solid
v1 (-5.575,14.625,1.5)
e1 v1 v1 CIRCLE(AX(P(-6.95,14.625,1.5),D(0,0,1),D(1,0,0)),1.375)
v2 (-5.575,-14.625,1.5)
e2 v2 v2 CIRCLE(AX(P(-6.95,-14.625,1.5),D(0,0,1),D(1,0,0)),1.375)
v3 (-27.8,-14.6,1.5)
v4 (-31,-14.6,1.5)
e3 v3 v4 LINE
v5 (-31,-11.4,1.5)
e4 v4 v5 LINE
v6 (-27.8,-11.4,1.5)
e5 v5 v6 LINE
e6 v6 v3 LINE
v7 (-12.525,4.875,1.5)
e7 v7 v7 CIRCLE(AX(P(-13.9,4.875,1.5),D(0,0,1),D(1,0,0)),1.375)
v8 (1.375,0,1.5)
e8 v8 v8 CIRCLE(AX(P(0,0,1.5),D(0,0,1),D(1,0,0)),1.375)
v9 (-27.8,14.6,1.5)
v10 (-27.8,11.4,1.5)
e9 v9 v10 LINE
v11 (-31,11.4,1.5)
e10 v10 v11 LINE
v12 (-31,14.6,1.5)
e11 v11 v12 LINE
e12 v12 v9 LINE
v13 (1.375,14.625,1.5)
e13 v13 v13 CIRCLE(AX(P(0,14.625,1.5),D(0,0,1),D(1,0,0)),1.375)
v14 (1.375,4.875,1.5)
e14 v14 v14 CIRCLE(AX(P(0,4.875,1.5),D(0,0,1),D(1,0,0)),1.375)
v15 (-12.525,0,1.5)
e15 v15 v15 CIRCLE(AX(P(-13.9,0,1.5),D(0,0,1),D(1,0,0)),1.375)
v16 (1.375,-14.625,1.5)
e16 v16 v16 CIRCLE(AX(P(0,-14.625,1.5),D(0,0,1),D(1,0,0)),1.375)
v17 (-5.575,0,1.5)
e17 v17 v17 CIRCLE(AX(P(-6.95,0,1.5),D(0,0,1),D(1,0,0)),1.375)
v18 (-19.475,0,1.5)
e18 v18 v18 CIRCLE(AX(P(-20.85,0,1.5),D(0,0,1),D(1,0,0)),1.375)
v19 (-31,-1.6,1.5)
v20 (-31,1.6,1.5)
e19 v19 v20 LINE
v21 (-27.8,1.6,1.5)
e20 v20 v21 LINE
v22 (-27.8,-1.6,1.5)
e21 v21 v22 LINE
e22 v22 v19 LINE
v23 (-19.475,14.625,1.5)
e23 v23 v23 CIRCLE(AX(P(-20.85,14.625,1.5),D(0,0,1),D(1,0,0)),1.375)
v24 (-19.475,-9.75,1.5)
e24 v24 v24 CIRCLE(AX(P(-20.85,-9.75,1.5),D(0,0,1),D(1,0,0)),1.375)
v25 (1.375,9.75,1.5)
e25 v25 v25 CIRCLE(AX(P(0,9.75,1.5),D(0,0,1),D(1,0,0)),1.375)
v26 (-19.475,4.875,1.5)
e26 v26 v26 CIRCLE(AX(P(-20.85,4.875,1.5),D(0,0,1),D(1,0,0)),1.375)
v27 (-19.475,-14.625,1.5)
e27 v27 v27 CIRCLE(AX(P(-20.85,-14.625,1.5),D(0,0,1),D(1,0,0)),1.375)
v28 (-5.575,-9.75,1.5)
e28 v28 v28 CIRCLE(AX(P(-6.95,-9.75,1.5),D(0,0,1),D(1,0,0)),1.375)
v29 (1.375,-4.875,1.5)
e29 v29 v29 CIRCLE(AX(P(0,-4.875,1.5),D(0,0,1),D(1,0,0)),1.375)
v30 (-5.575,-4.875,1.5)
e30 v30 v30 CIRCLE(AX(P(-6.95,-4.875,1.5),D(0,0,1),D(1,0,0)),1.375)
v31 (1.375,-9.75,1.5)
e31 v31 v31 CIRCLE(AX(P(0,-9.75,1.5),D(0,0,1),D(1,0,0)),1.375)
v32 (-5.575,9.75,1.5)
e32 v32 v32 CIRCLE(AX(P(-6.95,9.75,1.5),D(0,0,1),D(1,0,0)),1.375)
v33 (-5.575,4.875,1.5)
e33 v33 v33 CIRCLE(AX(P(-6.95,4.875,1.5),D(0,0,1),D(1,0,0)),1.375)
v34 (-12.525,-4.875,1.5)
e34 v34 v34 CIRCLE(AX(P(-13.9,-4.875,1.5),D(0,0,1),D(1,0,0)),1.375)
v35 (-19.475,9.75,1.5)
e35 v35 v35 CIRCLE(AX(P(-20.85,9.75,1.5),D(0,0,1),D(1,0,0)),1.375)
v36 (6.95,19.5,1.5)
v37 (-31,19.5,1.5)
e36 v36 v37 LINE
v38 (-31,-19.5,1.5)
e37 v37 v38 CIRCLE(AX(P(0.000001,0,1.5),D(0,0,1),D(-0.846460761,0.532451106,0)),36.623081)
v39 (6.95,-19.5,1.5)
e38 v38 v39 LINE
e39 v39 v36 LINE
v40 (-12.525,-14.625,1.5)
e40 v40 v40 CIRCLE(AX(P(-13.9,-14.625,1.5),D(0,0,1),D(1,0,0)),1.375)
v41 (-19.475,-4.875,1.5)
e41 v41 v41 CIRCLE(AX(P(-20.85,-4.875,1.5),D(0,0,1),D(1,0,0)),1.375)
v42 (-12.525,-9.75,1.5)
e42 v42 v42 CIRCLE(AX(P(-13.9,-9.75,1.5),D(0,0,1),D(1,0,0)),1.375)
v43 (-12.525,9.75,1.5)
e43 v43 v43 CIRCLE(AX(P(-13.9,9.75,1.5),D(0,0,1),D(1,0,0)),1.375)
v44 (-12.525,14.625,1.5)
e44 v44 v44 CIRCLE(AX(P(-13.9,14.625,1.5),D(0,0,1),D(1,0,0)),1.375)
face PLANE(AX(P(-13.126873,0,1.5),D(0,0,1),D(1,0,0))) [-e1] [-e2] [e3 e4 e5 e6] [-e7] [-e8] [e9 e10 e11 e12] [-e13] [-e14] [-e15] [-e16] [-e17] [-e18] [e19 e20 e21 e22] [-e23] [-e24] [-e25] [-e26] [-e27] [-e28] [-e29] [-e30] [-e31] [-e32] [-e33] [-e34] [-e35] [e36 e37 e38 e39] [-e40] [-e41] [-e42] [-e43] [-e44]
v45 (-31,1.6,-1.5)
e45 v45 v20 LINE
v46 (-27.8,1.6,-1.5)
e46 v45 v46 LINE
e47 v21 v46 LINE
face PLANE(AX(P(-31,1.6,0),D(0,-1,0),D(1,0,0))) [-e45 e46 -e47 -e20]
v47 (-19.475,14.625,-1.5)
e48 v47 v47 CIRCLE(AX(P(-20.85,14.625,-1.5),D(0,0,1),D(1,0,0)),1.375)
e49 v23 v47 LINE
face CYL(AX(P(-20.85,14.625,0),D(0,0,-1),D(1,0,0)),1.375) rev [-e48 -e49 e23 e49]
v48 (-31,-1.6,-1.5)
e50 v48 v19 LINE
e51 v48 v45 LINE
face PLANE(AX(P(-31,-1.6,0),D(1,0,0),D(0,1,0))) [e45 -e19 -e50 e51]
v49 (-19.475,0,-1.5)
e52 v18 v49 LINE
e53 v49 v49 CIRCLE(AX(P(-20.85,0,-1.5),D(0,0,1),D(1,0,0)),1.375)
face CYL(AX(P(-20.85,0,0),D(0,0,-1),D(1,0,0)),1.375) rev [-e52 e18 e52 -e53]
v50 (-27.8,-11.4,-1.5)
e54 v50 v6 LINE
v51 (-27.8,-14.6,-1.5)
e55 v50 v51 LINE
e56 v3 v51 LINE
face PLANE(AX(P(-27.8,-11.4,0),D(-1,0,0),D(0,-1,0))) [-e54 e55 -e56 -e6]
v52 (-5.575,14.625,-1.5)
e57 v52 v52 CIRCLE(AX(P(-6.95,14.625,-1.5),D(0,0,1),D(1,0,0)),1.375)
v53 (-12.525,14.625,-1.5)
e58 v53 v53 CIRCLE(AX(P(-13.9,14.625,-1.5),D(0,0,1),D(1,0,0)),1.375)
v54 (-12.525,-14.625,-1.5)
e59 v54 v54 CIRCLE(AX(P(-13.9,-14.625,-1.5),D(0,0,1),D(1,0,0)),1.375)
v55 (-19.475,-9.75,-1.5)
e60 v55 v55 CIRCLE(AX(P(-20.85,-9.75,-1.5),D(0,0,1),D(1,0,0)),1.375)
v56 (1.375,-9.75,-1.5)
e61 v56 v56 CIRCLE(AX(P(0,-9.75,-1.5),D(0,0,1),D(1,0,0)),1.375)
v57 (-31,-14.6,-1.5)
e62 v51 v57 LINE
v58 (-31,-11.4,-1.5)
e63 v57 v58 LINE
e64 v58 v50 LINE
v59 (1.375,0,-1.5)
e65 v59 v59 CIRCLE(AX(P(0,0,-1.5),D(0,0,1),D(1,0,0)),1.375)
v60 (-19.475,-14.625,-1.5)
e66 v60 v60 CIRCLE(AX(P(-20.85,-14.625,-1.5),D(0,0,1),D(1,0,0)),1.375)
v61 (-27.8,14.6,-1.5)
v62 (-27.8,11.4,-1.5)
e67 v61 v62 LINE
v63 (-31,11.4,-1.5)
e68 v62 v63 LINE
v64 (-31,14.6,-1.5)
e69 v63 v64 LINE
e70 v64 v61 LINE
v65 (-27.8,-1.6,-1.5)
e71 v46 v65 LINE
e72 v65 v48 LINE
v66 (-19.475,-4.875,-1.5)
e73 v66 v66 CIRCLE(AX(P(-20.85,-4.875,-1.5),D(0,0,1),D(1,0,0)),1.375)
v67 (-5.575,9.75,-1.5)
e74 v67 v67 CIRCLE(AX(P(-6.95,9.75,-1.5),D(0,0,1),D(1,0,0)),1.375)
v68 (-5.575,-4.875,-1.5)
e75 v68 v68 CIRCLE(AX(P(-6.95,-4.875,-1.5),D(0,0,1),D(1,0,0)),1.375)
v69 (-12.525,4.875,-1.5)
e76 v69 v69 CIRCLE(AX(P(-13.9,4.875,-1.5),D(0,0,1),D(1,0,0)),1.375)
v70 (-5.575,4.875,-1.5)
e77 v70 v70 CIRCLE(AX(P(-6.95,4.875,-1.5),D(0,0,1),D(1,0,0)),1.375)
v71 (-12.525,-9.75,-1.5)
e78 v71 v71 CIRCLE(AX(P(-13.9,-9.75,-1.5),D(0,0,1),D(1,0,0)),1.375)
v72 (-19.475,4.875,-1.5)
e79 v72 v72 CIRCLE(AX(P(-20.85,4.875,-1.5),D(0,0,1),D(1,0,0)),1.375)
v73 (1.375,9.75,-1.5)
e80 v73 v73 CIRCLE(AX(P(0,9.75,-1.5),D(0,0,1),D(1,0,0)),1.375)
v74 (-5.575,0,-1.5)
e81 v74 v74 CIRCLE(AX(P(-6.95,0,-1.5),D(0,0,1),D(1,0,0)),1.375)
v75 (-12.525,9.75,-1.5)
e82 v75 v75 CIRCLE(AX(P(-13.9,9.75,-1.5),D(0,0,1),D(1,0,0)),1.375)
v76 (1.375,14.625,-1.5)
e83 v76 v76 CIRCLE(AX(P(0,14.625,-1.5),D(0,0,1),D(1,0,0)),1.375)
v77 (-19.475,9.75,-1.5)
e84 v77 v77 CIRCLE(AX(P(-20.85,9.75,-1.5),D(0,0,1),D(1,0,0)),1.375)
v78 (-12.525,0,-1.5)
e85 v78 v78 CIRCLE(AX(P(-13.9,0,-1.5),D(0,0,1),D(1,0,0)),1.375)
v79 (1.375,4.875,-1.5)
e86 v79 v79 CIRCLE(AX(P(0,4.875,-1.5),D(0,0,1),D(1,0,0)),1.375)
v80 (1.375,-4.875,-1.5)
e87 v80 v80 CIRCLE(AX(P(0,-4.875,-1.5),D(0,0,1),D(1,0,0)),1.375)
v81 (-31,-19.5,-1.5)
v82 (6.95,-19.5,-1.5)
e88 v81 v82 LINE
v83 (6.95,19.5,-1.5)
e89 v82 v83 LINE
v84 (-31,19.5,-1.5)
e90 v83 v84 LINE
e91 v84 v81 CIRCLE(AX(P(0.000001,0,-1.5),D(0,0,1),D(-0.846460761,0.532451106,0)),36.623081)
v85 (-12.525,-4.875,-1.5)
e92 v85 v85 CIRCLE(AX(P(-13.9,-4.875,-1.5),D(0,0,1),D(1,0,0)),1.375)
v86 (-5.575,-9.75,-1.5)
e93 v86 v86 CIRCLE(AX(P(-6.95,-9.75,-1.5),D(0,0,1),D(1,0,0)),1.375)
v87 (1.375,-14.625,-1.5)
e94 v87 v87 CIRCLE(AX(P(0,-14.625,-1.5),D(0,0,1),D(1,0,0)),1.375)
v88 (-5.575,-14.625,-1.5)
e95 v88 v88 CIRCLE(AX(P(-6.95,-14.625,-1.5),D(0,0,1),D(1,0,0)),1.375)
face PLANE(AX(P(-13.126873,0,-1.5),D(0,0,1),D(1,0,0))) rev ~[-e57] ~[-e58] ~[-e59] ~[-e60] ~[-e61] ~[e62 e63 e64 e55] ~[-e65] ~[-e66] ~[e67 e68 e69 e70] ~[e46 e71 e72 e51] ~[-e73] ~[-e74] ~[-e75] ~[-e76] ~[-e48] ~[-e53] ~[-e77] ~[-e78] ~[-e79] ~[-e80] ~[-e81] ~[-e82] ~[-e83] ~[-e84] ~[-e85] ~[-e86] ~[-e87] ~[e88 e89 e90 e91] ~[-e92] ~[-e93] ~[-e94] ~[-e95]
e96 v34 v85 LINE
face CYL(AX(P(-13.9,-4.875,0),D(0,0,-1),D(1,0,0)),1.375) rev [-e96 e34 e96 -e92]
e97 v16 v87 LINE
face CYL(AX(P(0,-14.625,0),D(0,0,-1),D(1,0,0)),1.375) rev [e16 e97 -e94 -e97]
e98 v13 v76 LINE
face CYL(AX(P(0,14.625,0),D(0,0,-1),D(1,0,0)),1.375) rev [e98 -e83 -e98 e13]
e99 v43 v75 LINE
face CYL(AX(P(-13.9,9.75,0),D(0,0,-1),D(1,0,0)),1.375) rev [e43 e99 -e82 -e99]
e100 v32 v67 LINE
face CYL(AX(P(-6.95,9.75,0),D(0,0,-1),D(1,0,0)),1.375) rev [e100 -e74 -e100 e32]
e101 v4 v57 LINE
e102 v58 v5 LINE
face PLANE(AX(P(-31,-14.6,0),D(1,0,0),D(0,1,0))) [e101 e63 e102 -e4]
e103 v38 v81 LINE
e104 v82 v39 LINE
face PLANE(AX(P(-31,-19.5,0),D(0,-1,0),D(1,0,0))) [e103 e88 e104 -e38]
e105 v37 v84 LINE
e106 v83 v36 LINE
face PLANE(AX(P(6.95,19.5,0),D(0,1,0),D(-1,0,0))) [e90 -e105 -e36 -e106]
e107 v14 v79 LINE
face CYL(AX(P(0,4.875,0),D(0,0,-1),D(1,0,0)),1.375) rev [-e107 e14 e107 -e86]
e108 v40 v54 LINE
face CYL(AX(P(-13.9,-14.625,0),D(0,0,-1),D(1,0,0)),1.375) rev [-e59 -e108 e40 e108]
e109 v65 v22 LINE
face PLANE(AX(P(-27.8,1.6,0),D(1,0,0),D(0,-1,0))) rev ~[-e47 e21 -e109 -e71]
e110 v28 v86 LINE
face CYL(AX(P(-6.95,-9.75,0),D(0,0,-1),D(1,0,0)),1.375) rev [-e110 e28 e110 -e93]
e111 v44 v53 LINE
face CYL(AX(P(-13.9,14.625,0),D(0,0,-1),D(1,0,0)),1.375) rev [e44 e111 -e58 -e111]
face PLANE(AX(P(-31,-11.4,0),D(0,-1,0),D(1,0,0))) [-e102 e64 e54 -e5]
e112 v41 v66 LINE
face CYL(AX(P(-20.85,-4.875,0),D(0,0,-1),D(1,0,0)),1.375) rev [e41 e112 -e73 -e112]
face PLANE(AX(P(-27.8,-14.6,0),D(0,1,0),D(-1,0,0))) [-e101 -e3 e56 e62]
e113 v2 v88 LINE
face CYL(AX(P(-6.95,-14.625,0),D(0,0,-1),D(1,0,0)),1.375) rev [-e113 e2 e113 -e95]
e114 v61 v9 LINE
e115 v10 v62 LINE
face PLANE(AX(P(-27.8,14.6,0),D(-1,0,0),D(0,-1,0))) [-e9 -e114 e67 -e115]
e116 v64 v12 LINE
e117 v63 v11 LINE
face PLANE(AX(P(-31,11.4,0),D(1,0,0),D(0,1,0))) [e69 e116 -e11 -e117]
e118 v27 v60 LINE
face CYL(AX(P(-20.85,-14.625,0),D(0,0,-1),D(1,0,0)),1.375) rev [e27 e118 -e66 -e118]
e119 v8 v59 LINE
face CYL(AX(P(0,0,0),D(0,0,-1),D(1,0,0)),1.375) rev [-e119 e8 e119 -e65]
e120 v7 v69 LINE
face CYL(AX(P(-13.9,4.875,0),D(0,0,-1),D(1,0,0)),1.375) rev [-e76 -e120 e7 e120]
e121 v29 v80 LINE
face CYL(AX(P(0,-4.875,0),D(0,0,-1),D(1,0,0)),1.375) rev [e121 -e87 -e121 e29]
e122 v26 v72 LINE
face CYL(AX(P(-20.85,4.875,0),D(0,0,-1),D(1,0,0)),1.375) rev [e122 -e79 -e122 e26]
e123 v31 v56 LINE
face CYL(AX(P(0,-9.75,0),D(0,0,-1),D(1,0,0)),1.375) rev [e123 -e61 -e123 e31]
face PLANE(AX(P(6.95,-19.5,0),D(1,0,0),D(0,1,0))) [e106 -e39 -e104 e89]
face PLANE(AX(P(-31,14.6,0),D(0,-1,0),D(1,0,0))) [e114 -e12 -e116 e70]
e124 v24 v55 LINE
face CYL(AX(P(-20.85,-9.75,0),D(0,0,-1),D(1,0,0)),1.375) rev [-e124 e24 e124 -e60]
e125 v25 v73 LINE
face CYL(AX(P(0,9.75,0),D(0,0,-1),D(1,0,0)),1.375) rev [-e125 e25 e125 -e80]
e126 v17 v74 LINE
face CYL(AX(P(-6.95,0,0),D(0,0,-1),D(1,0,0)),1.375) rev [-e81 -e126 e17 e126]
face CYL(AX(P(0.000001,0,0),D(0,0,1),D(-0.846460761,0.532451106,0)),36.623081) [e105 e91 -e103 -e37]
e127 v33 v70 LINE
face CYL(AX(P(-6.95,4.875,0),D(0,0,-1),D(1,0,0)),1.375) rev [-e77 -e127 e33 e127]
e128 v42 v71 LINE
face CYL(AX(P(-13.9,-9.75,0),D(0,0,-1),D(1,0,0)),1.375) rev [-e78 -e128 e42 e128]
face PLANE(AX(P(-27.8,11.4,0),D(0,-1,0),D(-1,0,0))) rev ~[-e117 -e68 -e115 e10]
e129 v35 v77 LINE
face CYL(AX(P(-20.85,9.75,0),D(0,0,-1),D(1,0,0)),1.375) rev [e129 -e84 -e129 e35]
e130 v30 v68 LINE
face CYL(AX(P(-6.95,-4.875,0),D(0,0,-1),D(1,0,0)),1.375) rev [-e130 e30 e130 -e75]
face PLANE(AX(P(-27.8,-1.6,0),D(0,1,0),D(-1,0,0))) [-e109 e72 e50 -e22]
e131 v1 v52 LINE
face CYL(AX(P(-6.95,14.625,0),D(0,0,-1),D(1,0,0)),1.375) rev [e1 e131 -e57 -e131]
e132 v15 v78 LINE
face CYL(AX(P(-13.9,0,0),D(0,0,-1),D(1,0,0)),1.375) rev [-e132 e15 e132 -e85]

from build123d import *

# Parameters (mm, degrees)
F0_R     = 1.375
F1_DEPTH = 1.5


with BuildPart() as f1:
    # F0 (on Top) → F1 (new body, symmetric)
    with BuildSketch(Plane.XY):
        with BuildLine():
            Line((-31, -19.5), (-27.8, -19.5))
            Line((-27.8, -19.5), (0, -19.5))
            Line((0, -19.5), (6.95, -19.5))
            Line((6.95, -19.5), (6.95, 19.5))
            Line((6.95, 19.5), (0, 19.5))
            Line((0, 19.5), (-27.8, 19.5))
            Line((-27.8, 19.5), (-31, 19.5))
            ThreePointArc((-31, 19.5), (-36.62308, 0), (-31, -19.5))
        make_face()
        Polygon((-31, -11.4), (-29.4, -11.4), (-27.8, -11.4), (-27.8, -14.6), (-31, -14.6), align=None, mode=Mode.SUBTRACT)
        with Locations((-20.85, -14.625)):
            Circle(F0_R, mode=Mode.SUBTRACT)
        with Locations((-20.85, -9.75)):
            Circle(F0_R, mode=Mode.SUBTRACT)
        with Locations((-20.85, -4.875)):
            Circle(F0_R, mode=Mode.SUBTRACT)
        with Locations((-13.9, -14.625)):
            Circle(F0_R, mode=Mode.SUBTRACT)
        with Locations((-6.95, -14.625)):
            Circle(F0_R, mode=Mode.SUBTRACT)
        with Locations((0, -14.625)):
            Circle(F0_R, mode=Mode.SUBTRACT)
        with Locations((-13.9, -9.75)):
            Circle(F0_R, mode=Mode.SUBTRACT)
        with Locations((-6.95, -9.75)):
            Circle(F0_R, mode=Mode.SUBTRACT)
        with Locations((-13.9, -4.875)):
            Circle(F0_R, mode=Mode.SUBTRACT)
        with Locations((-6.95, -4.875)):
            Circle(F0_R, mode=Mode.SUBTRACT)
        with Locations((0, -9.75)):
            Circle(F0_R, mode=Mode.SUBTRACT)
        with Locations((0, -4.875)):
            Circle(F0_R, mode=Mode.SUBTRACT)
        Polygon((-31, 1.6), (-29.4, 1.6), (-27.8, 1.6), (-27.8, -1.6), (-31, -1.6), align=None, mode=Mode.SUBTRACT)
        with Locations((-20.85, 0)):
            Circle(F0_R, mode=Mode.SUBTRACT)
        with Locations((-20.85, 4.875)):
            Circle(F0_R, mode=Mode.SUBTRACT)
        Polygon((-27.8, 14.6), (-27.8, 11.4), (-29.4, 11.4), (-31, 11.4), (-31, 14.6), align=None, mode=Mode.SUBTRACT)
        with Locations((-20.85, 9.75)):
            Circle(F0_R, mode=Mode.SUBTRACT)
        with Locations((-20.85, 14.625)):
            Circle(F0_R, mode=Mode.SUBTRACT)
        with Locations((-13.9, 0)):
            Circle(F0_R, mode=Mode.SUBTRACT)
        with Locations((-6.95, 0)):
            Circle(F0_R, mode=Mode.SUBTRACT)
        with Locations((-13.9, 4.875)):
            Circle(F0_R, mode=Mode.SUBTRACT)
        with Locations((-6.95, 4.875)):
            Circle(F0_R, mode=Mode.SUBTRACT)
        Circle(F0_R, mode=Mode.SUBTRACT)
        with Locations((0, 4.875)):
            Circle(F0_R, mode=Mode.SUBTRACT)
        with Locations((-13.9, 9.75)):
            Circle(F0_R, mode=Mode.SUBTRACT)
        with Locations((-6.95, 9.75)):
            Circle(F0_R, mode=Mode.SUBTRACT)
        with Locations((-13.9, 14.625)):
            Circle(F0_R, mode=Mode.SUBTRACT)
        with Locations((-6.95, 14.625)):
            Circle(F0_R, mode=Mode.SUBTRACT)
        with Locations((0, 9.75)):
            Circle(F0_R, mode=Mode.SUBTRACT)
        with Locations((0, 14.625)):
            Circle(F0_R, mode=Mode.SUBTRACT)
    extrude(amount=F1_DEPTH, both=True)


solid = f1.part
